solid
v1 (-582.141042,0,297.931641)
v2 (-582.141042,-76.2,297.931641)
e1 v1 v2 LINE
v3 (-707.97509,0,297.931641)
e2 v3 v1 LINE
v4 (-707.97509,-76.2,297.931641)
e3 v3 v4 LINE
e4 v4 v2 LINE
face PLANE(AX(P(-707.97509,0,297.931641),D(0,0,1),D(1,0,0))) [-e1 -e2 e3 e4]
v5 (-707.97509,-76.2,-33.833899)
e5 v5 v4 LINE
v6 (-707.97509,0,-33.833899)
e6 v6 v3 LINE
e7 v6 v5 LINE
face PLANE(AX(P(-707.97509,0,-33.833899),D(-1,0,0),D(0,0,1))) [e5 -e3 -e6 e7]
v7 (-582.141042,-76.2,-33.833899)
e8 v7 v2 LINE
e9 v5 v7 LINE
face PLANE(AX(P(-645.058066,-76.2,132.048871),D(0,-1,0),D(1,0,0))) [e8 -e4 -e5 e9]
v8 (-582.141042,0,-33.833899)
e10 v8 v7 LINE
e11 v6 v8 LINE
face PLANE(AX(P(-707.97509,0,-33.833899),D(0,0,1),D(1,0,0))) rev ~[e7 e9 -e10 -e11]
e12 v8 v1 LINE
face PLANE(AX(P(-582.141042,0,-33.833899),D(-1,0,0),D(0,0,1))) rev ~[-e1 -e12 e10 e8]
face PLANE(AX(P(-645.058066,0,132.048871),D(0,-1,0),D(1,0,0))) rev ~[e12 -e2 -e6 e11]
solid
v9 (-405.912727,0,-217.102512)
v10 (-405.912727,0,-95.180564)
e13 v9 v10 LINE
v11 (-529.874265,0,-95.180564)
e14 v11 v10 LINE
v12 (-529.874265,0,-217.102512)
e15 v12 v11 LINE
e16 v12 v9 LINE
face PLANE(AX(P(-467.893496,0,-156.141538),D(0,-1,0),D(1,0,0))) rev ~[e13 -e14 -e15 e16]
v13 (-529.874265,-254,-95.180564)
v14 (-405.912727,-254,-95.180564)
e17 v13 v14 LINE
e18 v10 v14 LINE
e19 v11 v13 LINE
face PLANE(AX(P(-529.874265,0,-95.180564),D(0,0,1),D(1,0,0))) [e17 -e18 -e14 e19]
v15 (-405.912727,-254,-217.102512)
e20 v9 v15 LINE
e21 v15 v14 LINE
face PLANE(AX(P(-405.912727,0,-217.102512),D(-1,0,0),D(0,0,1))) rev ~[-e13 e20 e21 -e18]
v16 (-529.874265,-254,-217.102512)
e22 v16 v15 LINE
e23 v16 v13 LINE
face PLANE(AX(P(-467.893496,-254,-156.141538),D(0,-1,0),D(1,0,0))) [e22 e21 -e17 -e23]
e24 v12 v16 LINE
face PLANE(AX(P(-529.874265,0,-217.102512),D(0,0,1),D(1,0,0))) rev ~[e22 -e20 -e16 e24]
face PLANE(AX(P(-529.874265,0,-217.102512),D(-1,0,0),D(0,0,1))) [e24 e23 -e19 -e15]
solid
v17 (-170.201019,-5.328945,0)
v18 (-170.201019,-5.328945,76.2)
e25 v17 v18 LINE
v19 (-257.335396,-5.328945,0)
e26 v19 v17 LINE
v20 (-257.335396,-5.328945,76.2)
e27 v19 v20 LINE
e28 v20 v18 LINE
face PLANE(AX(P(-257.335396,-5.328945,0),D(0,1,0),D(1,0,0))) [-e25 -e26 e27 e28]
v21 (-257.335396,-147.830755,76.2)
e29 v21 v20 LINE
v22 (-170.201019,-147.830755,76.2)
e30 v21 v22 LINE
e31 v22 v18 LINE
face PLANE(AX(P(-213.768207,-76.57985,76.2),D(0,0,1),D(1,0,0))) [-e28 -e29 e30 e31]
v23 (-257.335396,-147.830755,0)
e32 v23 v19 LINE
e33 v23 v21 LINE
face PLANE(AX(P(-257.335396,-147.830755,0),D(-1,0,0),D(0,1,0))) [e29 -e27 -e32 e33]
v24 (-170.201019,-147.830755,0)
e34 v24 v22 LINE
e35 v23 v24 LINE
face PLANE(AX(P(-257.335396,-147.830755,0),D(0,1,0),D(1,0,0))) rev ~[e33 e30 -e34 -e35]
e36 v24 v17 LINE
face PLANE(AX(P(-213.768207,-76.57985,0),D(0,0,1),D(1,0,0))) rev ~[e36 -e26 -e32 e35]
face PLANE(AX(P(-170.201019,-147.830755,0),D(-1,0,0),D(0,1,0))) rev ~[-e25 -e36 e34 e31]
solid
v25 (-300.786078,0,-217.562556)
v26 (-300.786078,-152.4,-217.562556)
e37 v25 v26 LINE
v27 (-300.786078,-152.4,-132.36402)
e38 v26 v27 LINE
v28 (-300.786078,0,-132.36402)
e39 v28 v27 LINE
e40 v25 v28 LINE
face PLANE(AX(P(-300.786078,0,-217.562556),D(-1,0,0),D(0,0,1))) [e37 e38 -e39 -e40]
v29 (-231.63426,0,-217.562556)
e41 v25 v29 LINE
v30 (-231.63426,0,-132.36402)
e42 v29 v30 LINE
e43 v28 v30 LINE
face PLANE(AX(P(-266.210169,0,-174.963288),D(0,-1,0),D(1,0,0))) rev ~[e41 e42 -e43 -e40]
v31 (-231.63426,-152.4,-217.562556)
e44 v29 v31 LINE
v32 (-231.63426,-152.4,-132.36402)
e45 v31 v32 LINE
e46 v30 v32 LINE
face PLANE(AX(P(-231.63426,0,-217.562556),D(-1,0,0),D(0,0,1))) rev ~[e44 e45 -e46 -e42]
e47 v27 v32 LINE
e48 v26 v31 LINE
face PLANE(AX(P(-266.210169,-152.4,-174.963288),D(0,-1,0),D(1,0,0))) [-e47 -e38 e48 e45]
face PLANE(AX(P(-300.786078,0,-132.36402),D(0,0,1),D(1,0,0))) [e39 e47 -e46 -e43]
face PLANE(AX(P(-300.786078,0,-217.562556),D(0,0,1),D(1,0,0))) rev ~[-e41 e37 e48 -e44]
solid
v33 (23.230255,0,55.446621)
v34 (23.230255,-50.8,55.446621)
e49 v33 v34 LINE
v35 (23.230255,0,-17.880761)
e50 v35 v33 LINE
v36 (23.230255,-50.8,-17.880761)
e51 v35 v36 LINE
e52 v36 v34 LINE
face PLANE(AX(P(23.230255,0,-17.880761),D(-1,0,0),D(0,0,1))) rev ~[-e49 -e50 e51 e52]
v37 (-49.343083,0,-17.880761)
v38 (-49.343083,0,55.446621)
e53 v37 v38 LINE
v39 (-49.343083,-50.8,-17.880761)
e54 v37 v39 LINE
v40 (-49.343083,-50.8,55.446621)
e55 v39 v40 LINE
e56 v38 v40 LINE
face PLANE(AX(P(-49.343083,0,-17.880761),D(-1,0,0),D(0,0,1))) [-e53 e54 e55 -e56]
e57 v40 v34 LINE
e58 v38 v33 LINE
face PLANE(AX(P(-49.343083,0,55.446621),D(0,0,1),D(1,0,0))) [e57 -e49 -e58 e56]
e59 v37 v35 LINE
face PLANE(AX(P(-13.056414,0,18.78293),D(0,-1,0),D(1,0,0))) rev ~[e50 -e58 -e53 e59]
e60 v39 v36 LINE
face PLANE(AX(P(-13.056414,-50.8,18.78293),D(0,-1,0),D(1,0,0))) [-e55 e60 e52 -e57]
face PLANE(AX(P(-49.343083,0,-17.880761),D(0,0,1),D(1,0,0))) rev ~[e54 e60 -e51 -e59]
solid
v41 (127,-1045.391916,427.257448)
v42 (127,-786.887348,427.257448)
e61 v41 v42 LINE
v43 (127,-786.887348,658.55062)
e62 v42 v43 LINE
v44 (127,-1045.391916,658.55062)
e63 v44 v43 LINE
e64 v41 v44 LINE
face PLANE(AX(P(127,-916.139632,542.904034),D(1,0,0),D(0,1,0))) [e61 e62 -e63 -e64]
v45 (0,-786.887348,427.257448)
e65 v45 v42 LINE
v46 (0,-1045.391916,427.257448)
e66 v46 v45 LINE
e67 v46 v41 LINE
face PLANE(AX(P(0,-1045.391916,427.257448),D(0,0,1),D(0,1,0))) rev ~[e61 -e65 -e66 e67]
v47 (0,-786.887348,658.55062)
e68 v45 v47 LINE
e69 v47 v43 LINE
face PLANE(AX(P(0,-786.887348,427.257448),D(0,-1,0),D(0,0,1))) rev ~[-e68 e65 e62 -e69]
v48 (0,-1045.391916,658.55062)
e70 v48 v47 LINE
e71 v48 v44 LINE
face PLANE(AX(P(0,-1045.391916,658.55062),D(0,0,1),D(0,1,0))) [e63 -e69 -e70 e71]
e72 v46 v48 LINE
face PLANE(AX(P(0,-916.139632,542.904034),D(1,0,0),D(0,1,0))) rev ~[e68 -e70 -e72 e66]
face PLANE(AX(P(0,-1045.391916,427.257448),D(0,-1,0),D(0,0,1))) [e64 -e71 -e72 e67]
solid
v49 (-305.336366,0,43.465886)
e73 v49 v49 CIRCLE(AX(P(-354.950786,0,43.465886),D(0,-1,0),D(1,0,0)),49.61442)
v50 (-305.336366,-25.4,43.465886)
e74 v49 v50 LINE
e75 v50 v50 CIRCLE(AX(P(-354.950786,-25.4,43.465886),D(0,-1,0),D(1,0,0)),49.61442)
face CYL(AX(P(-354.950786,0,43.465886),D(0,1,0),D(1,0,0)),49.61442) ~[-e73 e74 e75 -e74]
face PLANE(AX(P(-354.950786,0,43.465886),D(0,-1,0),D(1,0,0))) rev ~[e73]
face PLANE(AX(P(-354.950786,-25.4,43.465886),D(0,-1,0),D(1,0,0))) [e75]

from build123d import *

# Parameters (mm, degrees)
F0_W      = 72.573338
F0_H      = 73.327383
F1_DEPTH  = 50.8
F2_W      = 69.151819
F2_H      = 85.198536
F3_DEPTH  = 152.4
F4_W      = 87.134377
F4_H      = 142.50181
F5_DEPTH  = 76.2
F6_R      = 49.61442
F7_DEPTH  = 25.4
F8_W      = 123.961538
F8_H      = 121.921949
F9_DEPTH  = 254
F10_W     = 258.504569
F10_H     = 231.293172
F11_DEPTH = 127
F12_W     = 125.834048
F12_H     = 331.76554
F13_DEPTH = 76.2


with BuildPart() as f1:
    # F0 (on Front) → F1 (new body)
    with BuildSketch(Plane.XZ):
        with Locations((-13.056414, 18.78293)):
            Rectangle(F0_W, F0_H)
    extrude(amount=F1_DEPTH)


with BuildPart() as f3:
    # F2 (on Front) → F3 (new body)
    with BuildSketch(Plane.XZ):
        with Locations((-266.210169, -174.963288)):
            Rectangle(F2_W, F2_H)
    extrude(amount=F3_DEPTH)


with BuildPart() as f5:
    # F4 (on Top) → F5 (new body)
    with BuildSketch(Plane.XY):
        with Locations((-213.768207, -76.57985)):
            Rectangle(F4_W, F4_H)
    extrude(amount=F5_DEPTH)


with BuildPart() as f7:
    # F6 (on Front) → F7 (new body)
    with BuildSketch(Plane.XZ):
        with Locations((-354.950786, 43.465886)):
            Circle(F6_R)
    extrude(amount=F7_DEPTH)


with BuildPart() as f9:
    # F8 (on Front) → F9 (new body)
    with BuildSketch(Plane.XZ):
        with Locations((-467.893496, -156.141538)):
            Rectangle(F8_W, F8_H)
    extrude(amount=F9_DEPTH)


with BuildPart() as f11:
    # F10 (on Right) → F11 (new body)
    with BuildSketch(Plane.YZ):
        with Locations((-916.139632, 542.904034)):
            Rectangle(F10_W, F10_H)
    extrude(amount=F11_DEPTH)


with BuildPart() as f13:
    # F12 (on Front) → F13 (new body)
    with BuildSketch(Plane.XZ):
        with Locations((-645.058066, 132.048871)):
            Rectangle(F12_W, F12_H)
    extrude(amount=F13_DEPTH)


solid = Compound([f1.part, f3.part, f5.part, f7.part, f9.part, f11.part, f13.part])
